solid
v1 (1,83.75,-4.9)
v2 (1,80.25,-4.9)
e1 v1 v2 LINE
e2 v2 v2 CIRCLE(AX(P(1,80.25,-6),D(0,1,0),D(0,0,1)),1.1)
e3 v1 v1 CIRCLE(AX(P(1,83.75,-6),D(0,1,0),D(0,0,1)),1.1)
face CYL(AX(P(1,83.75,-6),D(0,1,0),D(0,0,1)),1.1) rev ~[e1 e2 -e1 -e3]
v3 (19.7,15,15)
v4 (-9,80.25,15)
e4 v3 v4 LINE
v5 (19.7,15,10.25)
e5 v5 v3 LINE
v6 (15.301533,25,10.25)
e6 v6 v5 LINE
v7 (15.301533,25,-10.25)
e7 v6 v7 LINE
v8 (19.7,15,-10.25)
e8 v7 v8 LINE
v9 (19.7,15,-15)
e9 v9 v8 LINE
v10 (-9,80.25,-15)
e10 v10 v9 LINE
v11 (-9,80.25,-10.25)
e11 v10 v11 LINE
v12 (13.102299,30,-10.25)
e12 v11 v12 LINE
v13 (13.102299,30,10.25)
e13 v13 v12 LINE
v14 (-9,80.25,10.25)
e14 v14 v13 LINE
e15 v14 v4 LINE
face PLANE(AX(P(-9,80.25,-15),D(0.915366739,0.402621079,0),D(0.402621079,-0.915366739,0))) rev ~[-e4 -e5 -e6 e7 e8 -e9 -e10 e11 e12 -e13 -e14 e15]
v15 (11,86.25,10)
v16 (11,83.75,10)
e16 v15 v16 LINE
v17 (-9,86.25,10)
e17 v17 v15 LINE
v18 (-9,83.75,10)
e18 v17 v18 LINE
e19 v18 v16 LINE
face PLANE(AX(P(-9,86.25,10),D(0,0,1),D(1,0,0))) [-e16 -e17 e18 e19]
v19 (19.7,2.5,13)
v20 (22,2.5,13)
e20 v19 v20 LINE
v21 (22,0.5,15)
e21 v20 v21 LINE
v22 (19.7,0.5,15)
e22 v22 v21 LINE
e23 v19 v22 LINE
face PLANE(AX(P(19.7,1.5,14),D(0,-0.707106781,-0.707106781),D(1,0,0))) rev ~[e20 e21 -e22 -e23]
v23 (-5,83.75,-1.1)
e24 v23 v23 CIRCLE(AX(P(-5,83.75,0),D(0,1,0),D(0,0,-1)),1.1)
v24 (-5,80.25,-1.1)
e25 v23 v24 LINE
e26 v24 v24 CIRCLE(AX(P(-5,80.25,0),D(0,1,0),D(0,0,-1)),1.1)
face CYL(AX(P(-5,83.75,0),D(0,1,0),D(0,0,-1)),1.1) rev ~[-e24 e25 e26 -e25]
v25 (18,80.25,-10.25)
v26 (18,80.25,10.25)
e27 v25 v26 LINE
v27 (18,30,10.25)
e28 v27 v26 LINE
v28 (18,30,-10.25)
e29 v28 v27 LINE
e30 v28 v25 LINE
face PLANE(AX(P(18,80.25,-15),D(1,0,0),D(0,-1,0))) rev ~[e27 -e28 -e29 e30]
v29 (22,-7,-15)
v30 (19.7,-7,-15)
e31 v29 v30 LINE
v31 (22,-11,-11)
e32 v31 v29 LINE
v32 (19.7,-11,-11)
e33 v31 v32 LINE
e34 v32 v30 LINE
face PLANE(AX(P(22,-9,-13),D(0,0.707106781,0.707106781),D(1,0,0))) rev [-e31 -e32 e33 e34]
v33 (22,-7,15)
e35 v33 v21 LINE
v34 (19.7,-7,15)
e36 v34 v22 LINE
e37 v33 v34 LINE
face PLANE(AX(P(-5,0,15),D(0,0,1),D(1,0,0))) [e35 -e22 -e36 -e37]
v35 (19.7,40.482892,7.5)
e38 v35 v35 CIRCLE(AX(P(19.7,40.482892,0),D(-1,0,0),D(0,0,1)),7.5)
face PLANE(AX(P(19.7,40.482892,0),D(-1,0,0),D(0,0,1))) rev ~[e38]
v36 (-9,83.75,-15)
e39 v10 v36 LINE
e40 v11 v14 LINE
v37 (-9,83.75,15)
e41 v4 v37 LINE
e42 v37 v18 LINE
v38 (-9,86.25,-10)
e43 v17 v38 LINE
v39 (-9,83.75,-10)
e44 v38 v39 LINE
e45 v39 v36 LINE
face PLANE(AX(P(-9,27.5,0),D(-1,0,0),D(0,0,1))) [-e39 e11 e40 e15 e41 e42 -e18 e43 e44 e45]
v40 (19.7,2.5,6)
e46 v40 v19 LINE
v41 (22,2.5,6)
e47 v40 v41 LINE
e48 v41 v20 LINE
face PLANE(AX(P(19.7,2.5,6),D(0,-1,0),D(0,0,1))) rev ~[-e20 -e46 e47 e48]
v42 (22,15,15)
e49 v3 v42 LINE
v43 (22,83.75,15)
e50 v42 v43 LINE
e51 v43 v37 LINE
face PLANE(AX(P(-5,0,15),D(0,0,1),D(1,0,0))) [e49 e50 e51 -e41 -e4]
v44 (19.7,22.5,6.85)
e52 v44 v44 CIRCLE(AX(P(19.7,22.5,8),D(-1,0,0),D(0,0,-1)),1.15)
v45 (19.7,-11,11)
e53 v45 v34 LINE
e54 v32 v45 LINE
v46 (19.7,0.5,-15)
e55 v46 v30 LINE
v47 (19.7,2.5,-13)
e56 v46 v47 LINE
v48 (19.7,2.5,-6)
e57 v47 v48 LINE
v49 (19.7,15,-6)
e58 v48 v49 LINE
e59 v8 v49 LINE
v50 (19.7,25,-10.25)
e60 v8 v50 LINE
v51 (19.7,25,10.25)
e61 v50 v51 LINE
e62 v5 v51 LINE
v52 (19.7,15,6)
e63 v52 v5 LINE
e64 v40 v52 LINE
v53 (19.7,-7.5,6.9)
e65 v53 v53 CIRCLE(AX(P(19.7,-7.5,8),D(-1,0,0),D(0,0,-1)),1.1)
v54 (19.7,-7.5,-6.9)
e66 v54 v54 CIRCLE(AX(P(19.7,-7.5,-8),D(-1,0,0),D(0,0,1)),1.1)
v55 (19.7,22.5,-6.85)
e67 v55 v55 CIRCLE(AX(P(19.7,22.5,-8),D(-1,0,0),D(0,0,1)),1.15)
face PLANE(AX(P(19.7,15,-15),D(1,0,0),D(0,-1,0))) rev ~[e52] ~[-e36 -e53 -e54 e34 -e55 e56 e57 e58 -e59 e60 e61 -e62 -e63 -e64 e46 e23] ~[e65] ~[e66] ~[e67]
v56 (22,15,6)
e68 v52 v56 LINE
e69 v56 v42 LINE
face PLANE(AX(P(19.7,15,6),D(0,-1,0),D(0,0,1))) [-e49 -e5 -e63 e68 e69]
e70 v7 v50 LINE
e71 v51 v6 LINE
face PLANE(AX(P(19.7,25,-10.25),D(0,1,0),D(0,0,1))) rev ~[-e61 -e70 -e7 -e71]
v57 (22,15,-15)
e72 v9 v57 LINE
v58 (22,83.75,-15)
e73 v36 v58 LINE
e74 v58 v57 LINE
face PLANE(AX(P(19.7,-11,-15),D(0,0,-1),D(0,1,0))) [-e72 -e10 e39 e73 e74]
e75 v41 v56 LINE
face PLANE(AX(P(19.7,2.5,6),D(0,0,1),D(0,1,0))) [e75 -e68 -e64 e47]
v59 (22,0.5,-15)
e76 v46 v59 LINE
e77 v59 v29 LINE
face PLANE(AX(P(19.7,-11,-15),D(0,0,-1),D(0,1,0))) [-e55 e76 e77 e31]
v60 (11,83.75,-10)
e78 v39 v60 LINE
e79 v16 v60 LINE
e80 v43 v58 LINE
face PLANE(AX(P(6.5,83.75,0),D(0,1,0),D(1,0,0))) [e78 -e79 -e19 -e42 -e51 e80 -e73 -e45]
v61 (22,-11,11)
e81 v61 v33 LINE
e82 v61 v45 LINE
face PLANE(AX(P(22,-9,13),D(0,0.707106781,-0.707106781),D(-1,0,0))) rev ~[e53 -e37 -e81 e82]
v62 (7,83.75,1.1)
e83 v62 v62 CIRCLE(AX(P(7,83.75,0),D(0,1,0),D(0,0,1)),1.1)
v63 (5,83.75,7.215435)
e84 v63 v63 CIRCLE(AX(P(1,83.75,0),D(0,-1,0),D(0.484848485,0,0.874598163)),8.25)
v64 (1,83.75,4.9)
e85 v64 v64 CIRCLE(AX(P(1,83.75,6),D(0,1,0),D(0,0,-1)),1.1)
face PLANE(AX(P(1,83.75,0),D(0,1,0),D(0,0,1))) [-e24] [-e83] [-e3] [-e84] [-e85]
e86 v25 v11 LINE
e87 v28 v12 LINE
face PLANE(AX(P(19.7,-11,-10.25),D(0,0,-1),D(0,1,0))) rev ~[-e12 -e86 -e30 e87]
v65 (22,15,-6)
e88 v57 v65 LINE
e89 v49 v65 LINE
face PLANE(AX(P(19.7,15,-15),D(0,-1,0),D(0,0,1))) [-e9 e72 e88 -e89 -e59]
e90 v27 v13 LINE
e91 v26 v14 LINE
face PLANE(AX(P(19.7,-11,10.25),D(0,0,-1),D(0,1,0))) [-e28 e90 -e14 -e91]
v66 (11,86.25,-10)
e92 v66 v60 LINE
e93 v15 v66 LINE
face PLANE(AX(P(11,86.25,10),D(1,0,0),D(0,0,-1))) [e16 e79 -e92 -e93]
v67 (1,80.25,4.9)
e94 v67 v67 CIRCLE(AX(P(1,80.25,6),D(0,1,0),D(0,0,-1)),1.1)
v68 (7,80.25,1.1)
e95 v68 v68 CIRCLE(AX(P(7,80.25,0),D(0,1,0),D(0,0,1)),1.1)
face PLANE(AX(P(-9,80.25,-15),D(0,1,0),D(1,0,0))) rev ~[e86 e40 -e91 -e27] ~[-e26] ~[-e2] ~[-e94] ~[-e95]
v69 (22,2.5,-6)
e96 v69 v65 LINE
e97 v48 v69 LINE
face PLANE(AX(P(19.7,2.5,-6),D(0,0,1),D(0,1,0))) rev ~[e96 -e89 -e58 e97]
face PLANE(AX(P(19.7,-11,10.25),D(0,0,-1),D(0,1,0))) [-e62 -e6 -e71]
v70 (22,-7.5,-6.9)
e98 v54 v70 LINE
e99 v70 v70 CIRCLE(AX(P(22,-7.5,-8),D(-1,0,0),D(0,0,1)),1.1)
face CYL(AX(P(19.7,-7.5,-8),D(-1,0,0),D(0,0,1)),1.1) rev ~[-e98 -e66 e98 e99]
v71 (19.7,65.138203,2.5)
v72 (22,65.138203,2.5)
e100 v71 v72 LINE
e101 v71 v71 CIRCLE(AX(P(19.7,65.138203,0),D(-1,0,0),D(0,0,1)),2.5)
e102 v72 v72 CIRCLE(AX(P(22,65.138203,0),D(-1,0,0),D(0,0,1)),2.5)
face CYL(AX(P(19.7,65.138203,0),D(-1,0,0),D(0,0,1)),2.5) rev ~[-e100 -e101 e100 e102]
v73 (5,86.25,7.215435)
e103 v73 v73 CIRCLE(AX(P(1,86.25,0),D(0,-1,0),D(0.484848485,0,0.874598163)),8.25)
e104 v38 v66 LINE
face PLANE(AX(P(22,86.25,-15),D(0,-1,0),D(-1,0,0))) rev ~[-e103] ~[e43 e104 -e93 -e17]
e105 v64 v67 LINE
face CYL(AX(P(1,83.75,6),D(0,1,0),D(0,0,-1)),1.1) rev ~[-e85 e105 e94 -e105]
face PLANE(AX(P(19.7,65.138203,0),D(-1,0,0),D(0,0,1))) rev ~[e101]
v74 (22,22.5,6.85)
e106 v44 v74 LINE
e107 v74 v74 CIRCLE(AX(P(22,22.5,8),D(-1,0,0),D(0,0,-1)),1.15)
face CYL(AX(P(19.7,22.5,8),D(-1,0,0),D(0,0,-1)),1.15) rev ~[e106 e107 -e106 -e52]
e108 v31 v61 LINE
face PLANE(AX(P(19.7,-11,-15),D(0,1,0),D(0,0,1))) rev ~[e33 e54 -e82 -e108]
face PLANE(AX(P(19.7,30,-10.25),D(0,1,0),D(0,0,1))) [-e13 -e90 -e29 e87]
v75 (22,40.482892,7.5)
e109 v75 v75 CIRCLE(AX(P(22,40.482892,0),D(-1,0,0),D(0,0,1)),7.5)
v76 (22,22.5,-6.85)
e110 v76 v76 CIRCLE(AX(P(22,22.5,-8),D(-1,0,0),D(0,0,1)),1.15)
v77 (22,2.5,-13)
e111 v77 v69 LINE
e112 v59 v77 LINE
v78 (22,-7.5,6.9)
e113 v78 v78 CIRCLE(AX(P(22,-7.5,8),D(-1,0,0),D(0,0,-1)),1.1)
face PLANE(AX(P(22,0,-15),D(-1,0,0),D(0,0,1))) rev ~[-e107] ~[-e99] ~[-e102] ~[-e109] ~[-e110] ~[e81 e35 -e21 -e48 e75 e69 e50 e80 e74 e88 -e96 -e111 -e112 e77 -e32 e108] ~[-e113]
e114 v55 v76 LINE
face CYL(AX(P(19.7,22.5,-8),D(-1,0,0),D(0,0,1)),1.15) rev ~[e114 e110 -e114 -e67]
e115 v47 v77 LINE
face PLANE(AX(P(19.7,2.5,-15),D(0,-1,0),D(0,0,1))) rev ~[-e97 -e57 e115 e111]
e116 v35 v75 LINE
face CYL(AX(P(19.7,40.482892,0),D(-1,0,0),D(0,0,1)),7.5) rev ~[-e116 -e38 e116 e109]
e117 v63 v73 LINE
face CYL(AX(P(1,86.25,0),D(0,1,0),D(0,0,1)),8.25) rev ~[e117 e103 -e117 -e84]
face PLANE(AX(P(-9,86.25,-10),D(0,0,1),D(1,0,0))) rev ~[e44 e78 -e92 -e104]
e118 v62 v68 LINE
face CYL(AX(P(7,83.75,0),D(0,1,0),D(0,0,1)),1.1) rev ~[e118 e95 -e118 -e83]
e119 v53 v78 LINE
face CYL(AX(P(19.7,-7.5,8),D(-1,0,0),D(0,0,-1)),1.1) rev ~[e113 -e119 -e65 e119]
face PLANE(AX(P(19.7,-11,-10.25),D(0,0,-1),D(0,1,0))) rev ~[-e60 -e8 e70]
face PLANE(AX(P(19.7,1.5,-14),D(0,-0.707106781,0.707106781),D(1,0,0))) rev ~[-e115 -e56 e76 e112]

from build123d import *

# Parameters (mm, degrees)
SKETCH_1_W            = 30
SKETCH_1_H            = 30
EXTRUDE_1_DEPTH       = 86.25
SKETCH_2_R            = 8.25
CUT_EXTRUDE_1_DEPTH   = 2.5
SKETCH_3_W            = 10
SKETCH_3_H            = 66.25
SKETCH_3_H_2          = 20
CUT_EXTRUDE_2_DEPTH   = 93.542220094
SKETCH_4_W            = 10
SKETCH_4_H            = 20
EXTRUDE_2_DEPTH       = 30
SKETCH_5_W            = 7
SKETCH_5_H            = 86.25
EXTRUDE_3_DEPTH       = 30
SKETCH_6_W            = 27
SKETCH_6_H            = 30
EXTRUDE_4_DEPTH       = 11
SKETCH_7_W            = 20.5
SKETCH_7_H            = 36
CUT_EXTRUDE_3_DEPTH   = 24.7
SKETCH_8_R            = 1.1
SKETCH_8_R_2          = 1.15
CUT_EXTRUDE_4_DEPTH   = 23
SKETCH_9_R            = 8.25
CUT_EXTRUDE_5_DEPTH   = 2.5
SKETCH_10_R           = 1.1
CUT_EXTRUDE_6_DEPTH   = 10
CUT_EXTRUDE_7_DEPTH   = 94.931158302
SKETCH_12_W           = 4.75
SKETCH_12_H           = 91.25
EXTRUDE_5_DEPTH       = 28.7
SKETCH_14_W           = 20.5
SKETCH_14_H           = 5
EXTRUDE_6_DEPTH       = 28.7
CUT_EXTRUDE_9_DEPTH   = 94.931158302
CHAMFER_1_SIZE        = 4
SKETCH_15_R           = 7.5
SKETCH_15_R_2         = 2.5
CUT_EXTRUDE_10_DEPTH  = 93.128999235
SKETCH_16_W           = 9
SKETCH_16_H           = 12.5
CUT_EXTRUDE_11_DEPTH  = 10
CHAMFER_2_SIZE        = 2
SKETCH_18_OUTSIDE_W   = 54.278
SKETCH_18_OUTSIDE_H   = 53.278
SKETCH_18_OUTSIDE_W_2 = 20
SKETCH_18_OUTSIDE_H_2 = 20
CUT_EXTRUDE_12_DEPTH  = 2.5


with BuildPart() as part:
    # 草图1 → 凸台-拉伸1 (new body)
    with BuildSketch(Plane(origin=(0, 0, 0), x_dir=(1, 0, 0), z_dir=(0, 1, 0))):
        Rectangle(SKETCH_1_W, SKETCH_1_H)
    extrude(amount=EXTRUDE_1_DEPTH)

    # 草图2 → 切除-拉伸1 (cut)
    with BuildSketch(Plane(origin=(0, 86.25, 0), x_dir=(1, 0, 0), z_dir=(0, 1, 0))):
        with Locations(Location((1, 0, 0), (0, 0, 270))):
            Circle(SKETCH_2_R)
    extrude(amount=-CUT_EXTRUDE_1_DEPTH, mode=Mode.SUBTRACT)

    # 草图3 → 切除-拉伸2 (cut, through all)
    with BuildSketch(Plane(origin=(0, 0, -15), x_dir=(-1, 0, 0), z_dir=(0, 0, -1))):
        with Locations((10, 33.125)):
            Rectangle(SKETCH_3_W, SKETCH_3_H)
        with Locations((-10, 76.25)):
            Rectangle(SKETCH_3_W, SKETCH_3_H_2)
    extrude(amount=-CUT_EXTRUDE_2_DEPTH, mode=Mode.SUBTRACT)

    # 草图4 → 凸台-拉伸2 (add, through all)
    with BuildSketch(Plane(origin=(0, 0, -15), x_dir=(-1, 0, 0), z_dir=(0, 0, -1))):
        with Locations((-10, 76.25)):
            Rectangle(SKETCH_4_W, SKETCH_4_H)
    extrude(amount=-EXTRUDE_2_DEPTH)

    # 草图5 → 凸台-拉伸3 (add, through all)
    with BuildSketch(Plane(origin=(0, 0, -15), x_dir=(-1, 0, 0), z_dir=(0, 0, -1))):
        with Locations((-18.5, 43.125)):
            Rectangle(SKETCH_5_W, SKETCH_5_H)
    extrude(amount=-EXTRUDE_3_DEPTH)

    # 草图6 → 凸台-拉伸4 (add)
    with BuildSketch(Plane.XZ):
        with Locations((8.5, 0)):
            Rectangle(SKETCH_6_W, SKETCH_6_H)
    extrude(amount=EXTRUDE_4_DEPTH)

    # 草图7 → 切除-拉伸3 (cut)
    with BuildSketch(Plane.ZY.offset(5)):
        with Locations((0, 7)):
            Rectangle(SKETCH_7_W, SKETCH_7_H)
    extrude(amount=-CUT_EXTRUDE_3_DEPTH, mode=Mode.SUBTRACT)

    # 草图8 → 切除-拉伸4 (cut)
    with BuildSketch(Plane.ZY.offset(-19.7)):
        with Locations((-8, -7.5)):
            Circle(SKETCH_8_R)
        with Locations((-8, 22.5)):
            Circle(SKETCH_8_R_2)
        with Locations(Location((8, 22.5, 0), (0, 0, 180))):
            Circle(SKETCH_8_R_2)
        with Locations(Location((8, -7.5, 0), (0, 0, 180))):
            Circle(SKETCH_8_R)
    extrude(amount=-CUT_EXTRUDE_4_DEPTH, mode=Mode.SUBTRACT)

    # 草图9 → 切除-拉伸5 (cut)
    with BuildSketch(Plane(origin=(0, 86.25, 0), x_dir=(1, 0, 0), z_dir=(0, 1, 0))):
        with Locations(Location((1, 0, 0), (0, 0, 270))):
            Circle(SKETCH_9_R)
    extrude(amount=-CUT_EXTRUDE_5_DEPTH, mode=Mode.SUBTRACT)

    # 草图10 → 切除-拉伸6 (cut)
    with BuildSketch(Plane(origin=(0, 83.75, 0), x_dir=(1, 0, 0), z_dir=(0, 1, 0))):
        with Locations(Location((1, 6, 0), (0, 0, 270))):
            Circle(SKETCH_10_R)
        with Locations(Location((7, 0, 0), (0, 0, 270))):
            Circle(SKETCH_10_R)
        with Locations(Location((1, -6, 0), (0, 0, 90))):
            Circle(SKETCH_10_R)
        with Locations(Location((-5, 0, 0), (0, 0, 90))):
            Circle(SKETCH_10_R)
    extrude(amount=-CUT_EXTRUDE_6_DEPTH, mode=Mode.SUBTRACT)

    # 草图11 → 切除-拉伸7 (cut, through all)
    with BuildSketch(Plane(origin=(0, 0, -15), x_dir=(-1, 0, 0), z_dir=(0, 0, -1))):
        Polygon((9, 86.25), (9, 80.25), (-18, 80.25), (-18, -11), (15, -11), (15, 86.25), align=None)
    extrude(amount=-CUT_EXTRUDE_7_DEPTH, mode=Mode.SUBTRACT)

    # 草图12 → 凸台-拉伸5 (add, through all)
    with BuildSketch(Plane.ZY.offset(-19.7)):
        with Locations((-12.625, 34.625)):
            Rectangle(SKETCH_12_W, SKETCH_12_H)
        with Locations((12.625, 34.625)):
            Rectangle(SKETCH_12_W, SKETCH_12_H)
    extrude(amount=EXTRUDE_5_DEPTH)

    # 草图14 → 凸台-拉伸6 (add, through all)
    with BuildSketch(Plane.ZY.offset(-19.7)):
        with Locations((0, 27.5)):
            Rectangle(SKETCH_14_W, SKETCH_14_H)
    extrude(amount=EXTRUDE_6_DEPTH)

    # 草图13 → 切除-拉伸9 (cut, through all)
    with BuildSketch(Plane(origin=(0, 0, -15), x_dir=(-1, 0, 0), z_dir=(0, 0, -1))):
        Polygon((9, 80.25), (-19.7, 15), (-19.7, -11), (9, -11), align=None)
    extrude(amount=-CUT_EXTRUDE_9_DEPTH, mode=Mode.SUBTRACT)

    # 倒角1
    chamfer_1_edges = [part.edges().sort_by_distance(p)[0] for p in [
        (20.85, -11, -15),
        (20.85, -11, 15),
    ]]
    chamfer(chamfer_1_edges, length=CHAMFER_1_SIZE)

    # 草图15 → 切除-拉伸10 (cut, through all)
    with BuildSketch(Plane.ZY.offset(-19.7)):
        with Locations((0, 40.482891964)):
            Circle(SKETCH_15_R)
        with Locations((0, 65.138202804)):
            Circle(SKETCH_15_R_2)
    extrude(amount=-CUT_EXTRUDE_10_DEPTH, mode=Mode.SUBTRACT)

    # 草图16 → 切除-拉伸11 (cut)
    with BuildSketch(Plane.ZY.offset(-19.7)):
        with Locations((10.5, 8.75)):
            Rectangle(SKETCH_16_W, SKETCH_16_H)
        with Locations((-10.5, 8.75)):
            Rectangle(SKETCH_16_W, SKETCH_16_H)
    extrude(amount=-CUT_EXTRUDE_11_DEPTH, mode=Mode.SUBTRACT)

    # 倒角2
    chamfer_2_edges = [part.edges().sort_by_distance(p)[0] for p in [
        (20.85, 2.5, -15),
        (20.85, 2.5, 15),
    ]]
    chamfer(chamfer_2_edges, length=CHAMFER_2_SIZE)

    # 草图18 outside → 切除-拉伸12 (cut)
    with BuildSketch(Plane(origin=(0, 86.25, 0), x_dir=(1, 0, 0), z_dir=(0, 1, 0))):
        with Locations((6.5, 0)):
            Rectangle(SKETCH_18_OUTSIDE_W, SKETCH_18_OUTSIDE_H)
        with Locations((1, 0)):
            Rectangle(SKETCH_18_OUTSIDE_W_2, SKETCH_18_OUTSIDE_H_2, mode=Mode.SUBTRACT)
    extrude(amount=-CUT_EXTRUDE_12_DEPTH, mode=Mode.SUBTRACT)


solid = part.part
